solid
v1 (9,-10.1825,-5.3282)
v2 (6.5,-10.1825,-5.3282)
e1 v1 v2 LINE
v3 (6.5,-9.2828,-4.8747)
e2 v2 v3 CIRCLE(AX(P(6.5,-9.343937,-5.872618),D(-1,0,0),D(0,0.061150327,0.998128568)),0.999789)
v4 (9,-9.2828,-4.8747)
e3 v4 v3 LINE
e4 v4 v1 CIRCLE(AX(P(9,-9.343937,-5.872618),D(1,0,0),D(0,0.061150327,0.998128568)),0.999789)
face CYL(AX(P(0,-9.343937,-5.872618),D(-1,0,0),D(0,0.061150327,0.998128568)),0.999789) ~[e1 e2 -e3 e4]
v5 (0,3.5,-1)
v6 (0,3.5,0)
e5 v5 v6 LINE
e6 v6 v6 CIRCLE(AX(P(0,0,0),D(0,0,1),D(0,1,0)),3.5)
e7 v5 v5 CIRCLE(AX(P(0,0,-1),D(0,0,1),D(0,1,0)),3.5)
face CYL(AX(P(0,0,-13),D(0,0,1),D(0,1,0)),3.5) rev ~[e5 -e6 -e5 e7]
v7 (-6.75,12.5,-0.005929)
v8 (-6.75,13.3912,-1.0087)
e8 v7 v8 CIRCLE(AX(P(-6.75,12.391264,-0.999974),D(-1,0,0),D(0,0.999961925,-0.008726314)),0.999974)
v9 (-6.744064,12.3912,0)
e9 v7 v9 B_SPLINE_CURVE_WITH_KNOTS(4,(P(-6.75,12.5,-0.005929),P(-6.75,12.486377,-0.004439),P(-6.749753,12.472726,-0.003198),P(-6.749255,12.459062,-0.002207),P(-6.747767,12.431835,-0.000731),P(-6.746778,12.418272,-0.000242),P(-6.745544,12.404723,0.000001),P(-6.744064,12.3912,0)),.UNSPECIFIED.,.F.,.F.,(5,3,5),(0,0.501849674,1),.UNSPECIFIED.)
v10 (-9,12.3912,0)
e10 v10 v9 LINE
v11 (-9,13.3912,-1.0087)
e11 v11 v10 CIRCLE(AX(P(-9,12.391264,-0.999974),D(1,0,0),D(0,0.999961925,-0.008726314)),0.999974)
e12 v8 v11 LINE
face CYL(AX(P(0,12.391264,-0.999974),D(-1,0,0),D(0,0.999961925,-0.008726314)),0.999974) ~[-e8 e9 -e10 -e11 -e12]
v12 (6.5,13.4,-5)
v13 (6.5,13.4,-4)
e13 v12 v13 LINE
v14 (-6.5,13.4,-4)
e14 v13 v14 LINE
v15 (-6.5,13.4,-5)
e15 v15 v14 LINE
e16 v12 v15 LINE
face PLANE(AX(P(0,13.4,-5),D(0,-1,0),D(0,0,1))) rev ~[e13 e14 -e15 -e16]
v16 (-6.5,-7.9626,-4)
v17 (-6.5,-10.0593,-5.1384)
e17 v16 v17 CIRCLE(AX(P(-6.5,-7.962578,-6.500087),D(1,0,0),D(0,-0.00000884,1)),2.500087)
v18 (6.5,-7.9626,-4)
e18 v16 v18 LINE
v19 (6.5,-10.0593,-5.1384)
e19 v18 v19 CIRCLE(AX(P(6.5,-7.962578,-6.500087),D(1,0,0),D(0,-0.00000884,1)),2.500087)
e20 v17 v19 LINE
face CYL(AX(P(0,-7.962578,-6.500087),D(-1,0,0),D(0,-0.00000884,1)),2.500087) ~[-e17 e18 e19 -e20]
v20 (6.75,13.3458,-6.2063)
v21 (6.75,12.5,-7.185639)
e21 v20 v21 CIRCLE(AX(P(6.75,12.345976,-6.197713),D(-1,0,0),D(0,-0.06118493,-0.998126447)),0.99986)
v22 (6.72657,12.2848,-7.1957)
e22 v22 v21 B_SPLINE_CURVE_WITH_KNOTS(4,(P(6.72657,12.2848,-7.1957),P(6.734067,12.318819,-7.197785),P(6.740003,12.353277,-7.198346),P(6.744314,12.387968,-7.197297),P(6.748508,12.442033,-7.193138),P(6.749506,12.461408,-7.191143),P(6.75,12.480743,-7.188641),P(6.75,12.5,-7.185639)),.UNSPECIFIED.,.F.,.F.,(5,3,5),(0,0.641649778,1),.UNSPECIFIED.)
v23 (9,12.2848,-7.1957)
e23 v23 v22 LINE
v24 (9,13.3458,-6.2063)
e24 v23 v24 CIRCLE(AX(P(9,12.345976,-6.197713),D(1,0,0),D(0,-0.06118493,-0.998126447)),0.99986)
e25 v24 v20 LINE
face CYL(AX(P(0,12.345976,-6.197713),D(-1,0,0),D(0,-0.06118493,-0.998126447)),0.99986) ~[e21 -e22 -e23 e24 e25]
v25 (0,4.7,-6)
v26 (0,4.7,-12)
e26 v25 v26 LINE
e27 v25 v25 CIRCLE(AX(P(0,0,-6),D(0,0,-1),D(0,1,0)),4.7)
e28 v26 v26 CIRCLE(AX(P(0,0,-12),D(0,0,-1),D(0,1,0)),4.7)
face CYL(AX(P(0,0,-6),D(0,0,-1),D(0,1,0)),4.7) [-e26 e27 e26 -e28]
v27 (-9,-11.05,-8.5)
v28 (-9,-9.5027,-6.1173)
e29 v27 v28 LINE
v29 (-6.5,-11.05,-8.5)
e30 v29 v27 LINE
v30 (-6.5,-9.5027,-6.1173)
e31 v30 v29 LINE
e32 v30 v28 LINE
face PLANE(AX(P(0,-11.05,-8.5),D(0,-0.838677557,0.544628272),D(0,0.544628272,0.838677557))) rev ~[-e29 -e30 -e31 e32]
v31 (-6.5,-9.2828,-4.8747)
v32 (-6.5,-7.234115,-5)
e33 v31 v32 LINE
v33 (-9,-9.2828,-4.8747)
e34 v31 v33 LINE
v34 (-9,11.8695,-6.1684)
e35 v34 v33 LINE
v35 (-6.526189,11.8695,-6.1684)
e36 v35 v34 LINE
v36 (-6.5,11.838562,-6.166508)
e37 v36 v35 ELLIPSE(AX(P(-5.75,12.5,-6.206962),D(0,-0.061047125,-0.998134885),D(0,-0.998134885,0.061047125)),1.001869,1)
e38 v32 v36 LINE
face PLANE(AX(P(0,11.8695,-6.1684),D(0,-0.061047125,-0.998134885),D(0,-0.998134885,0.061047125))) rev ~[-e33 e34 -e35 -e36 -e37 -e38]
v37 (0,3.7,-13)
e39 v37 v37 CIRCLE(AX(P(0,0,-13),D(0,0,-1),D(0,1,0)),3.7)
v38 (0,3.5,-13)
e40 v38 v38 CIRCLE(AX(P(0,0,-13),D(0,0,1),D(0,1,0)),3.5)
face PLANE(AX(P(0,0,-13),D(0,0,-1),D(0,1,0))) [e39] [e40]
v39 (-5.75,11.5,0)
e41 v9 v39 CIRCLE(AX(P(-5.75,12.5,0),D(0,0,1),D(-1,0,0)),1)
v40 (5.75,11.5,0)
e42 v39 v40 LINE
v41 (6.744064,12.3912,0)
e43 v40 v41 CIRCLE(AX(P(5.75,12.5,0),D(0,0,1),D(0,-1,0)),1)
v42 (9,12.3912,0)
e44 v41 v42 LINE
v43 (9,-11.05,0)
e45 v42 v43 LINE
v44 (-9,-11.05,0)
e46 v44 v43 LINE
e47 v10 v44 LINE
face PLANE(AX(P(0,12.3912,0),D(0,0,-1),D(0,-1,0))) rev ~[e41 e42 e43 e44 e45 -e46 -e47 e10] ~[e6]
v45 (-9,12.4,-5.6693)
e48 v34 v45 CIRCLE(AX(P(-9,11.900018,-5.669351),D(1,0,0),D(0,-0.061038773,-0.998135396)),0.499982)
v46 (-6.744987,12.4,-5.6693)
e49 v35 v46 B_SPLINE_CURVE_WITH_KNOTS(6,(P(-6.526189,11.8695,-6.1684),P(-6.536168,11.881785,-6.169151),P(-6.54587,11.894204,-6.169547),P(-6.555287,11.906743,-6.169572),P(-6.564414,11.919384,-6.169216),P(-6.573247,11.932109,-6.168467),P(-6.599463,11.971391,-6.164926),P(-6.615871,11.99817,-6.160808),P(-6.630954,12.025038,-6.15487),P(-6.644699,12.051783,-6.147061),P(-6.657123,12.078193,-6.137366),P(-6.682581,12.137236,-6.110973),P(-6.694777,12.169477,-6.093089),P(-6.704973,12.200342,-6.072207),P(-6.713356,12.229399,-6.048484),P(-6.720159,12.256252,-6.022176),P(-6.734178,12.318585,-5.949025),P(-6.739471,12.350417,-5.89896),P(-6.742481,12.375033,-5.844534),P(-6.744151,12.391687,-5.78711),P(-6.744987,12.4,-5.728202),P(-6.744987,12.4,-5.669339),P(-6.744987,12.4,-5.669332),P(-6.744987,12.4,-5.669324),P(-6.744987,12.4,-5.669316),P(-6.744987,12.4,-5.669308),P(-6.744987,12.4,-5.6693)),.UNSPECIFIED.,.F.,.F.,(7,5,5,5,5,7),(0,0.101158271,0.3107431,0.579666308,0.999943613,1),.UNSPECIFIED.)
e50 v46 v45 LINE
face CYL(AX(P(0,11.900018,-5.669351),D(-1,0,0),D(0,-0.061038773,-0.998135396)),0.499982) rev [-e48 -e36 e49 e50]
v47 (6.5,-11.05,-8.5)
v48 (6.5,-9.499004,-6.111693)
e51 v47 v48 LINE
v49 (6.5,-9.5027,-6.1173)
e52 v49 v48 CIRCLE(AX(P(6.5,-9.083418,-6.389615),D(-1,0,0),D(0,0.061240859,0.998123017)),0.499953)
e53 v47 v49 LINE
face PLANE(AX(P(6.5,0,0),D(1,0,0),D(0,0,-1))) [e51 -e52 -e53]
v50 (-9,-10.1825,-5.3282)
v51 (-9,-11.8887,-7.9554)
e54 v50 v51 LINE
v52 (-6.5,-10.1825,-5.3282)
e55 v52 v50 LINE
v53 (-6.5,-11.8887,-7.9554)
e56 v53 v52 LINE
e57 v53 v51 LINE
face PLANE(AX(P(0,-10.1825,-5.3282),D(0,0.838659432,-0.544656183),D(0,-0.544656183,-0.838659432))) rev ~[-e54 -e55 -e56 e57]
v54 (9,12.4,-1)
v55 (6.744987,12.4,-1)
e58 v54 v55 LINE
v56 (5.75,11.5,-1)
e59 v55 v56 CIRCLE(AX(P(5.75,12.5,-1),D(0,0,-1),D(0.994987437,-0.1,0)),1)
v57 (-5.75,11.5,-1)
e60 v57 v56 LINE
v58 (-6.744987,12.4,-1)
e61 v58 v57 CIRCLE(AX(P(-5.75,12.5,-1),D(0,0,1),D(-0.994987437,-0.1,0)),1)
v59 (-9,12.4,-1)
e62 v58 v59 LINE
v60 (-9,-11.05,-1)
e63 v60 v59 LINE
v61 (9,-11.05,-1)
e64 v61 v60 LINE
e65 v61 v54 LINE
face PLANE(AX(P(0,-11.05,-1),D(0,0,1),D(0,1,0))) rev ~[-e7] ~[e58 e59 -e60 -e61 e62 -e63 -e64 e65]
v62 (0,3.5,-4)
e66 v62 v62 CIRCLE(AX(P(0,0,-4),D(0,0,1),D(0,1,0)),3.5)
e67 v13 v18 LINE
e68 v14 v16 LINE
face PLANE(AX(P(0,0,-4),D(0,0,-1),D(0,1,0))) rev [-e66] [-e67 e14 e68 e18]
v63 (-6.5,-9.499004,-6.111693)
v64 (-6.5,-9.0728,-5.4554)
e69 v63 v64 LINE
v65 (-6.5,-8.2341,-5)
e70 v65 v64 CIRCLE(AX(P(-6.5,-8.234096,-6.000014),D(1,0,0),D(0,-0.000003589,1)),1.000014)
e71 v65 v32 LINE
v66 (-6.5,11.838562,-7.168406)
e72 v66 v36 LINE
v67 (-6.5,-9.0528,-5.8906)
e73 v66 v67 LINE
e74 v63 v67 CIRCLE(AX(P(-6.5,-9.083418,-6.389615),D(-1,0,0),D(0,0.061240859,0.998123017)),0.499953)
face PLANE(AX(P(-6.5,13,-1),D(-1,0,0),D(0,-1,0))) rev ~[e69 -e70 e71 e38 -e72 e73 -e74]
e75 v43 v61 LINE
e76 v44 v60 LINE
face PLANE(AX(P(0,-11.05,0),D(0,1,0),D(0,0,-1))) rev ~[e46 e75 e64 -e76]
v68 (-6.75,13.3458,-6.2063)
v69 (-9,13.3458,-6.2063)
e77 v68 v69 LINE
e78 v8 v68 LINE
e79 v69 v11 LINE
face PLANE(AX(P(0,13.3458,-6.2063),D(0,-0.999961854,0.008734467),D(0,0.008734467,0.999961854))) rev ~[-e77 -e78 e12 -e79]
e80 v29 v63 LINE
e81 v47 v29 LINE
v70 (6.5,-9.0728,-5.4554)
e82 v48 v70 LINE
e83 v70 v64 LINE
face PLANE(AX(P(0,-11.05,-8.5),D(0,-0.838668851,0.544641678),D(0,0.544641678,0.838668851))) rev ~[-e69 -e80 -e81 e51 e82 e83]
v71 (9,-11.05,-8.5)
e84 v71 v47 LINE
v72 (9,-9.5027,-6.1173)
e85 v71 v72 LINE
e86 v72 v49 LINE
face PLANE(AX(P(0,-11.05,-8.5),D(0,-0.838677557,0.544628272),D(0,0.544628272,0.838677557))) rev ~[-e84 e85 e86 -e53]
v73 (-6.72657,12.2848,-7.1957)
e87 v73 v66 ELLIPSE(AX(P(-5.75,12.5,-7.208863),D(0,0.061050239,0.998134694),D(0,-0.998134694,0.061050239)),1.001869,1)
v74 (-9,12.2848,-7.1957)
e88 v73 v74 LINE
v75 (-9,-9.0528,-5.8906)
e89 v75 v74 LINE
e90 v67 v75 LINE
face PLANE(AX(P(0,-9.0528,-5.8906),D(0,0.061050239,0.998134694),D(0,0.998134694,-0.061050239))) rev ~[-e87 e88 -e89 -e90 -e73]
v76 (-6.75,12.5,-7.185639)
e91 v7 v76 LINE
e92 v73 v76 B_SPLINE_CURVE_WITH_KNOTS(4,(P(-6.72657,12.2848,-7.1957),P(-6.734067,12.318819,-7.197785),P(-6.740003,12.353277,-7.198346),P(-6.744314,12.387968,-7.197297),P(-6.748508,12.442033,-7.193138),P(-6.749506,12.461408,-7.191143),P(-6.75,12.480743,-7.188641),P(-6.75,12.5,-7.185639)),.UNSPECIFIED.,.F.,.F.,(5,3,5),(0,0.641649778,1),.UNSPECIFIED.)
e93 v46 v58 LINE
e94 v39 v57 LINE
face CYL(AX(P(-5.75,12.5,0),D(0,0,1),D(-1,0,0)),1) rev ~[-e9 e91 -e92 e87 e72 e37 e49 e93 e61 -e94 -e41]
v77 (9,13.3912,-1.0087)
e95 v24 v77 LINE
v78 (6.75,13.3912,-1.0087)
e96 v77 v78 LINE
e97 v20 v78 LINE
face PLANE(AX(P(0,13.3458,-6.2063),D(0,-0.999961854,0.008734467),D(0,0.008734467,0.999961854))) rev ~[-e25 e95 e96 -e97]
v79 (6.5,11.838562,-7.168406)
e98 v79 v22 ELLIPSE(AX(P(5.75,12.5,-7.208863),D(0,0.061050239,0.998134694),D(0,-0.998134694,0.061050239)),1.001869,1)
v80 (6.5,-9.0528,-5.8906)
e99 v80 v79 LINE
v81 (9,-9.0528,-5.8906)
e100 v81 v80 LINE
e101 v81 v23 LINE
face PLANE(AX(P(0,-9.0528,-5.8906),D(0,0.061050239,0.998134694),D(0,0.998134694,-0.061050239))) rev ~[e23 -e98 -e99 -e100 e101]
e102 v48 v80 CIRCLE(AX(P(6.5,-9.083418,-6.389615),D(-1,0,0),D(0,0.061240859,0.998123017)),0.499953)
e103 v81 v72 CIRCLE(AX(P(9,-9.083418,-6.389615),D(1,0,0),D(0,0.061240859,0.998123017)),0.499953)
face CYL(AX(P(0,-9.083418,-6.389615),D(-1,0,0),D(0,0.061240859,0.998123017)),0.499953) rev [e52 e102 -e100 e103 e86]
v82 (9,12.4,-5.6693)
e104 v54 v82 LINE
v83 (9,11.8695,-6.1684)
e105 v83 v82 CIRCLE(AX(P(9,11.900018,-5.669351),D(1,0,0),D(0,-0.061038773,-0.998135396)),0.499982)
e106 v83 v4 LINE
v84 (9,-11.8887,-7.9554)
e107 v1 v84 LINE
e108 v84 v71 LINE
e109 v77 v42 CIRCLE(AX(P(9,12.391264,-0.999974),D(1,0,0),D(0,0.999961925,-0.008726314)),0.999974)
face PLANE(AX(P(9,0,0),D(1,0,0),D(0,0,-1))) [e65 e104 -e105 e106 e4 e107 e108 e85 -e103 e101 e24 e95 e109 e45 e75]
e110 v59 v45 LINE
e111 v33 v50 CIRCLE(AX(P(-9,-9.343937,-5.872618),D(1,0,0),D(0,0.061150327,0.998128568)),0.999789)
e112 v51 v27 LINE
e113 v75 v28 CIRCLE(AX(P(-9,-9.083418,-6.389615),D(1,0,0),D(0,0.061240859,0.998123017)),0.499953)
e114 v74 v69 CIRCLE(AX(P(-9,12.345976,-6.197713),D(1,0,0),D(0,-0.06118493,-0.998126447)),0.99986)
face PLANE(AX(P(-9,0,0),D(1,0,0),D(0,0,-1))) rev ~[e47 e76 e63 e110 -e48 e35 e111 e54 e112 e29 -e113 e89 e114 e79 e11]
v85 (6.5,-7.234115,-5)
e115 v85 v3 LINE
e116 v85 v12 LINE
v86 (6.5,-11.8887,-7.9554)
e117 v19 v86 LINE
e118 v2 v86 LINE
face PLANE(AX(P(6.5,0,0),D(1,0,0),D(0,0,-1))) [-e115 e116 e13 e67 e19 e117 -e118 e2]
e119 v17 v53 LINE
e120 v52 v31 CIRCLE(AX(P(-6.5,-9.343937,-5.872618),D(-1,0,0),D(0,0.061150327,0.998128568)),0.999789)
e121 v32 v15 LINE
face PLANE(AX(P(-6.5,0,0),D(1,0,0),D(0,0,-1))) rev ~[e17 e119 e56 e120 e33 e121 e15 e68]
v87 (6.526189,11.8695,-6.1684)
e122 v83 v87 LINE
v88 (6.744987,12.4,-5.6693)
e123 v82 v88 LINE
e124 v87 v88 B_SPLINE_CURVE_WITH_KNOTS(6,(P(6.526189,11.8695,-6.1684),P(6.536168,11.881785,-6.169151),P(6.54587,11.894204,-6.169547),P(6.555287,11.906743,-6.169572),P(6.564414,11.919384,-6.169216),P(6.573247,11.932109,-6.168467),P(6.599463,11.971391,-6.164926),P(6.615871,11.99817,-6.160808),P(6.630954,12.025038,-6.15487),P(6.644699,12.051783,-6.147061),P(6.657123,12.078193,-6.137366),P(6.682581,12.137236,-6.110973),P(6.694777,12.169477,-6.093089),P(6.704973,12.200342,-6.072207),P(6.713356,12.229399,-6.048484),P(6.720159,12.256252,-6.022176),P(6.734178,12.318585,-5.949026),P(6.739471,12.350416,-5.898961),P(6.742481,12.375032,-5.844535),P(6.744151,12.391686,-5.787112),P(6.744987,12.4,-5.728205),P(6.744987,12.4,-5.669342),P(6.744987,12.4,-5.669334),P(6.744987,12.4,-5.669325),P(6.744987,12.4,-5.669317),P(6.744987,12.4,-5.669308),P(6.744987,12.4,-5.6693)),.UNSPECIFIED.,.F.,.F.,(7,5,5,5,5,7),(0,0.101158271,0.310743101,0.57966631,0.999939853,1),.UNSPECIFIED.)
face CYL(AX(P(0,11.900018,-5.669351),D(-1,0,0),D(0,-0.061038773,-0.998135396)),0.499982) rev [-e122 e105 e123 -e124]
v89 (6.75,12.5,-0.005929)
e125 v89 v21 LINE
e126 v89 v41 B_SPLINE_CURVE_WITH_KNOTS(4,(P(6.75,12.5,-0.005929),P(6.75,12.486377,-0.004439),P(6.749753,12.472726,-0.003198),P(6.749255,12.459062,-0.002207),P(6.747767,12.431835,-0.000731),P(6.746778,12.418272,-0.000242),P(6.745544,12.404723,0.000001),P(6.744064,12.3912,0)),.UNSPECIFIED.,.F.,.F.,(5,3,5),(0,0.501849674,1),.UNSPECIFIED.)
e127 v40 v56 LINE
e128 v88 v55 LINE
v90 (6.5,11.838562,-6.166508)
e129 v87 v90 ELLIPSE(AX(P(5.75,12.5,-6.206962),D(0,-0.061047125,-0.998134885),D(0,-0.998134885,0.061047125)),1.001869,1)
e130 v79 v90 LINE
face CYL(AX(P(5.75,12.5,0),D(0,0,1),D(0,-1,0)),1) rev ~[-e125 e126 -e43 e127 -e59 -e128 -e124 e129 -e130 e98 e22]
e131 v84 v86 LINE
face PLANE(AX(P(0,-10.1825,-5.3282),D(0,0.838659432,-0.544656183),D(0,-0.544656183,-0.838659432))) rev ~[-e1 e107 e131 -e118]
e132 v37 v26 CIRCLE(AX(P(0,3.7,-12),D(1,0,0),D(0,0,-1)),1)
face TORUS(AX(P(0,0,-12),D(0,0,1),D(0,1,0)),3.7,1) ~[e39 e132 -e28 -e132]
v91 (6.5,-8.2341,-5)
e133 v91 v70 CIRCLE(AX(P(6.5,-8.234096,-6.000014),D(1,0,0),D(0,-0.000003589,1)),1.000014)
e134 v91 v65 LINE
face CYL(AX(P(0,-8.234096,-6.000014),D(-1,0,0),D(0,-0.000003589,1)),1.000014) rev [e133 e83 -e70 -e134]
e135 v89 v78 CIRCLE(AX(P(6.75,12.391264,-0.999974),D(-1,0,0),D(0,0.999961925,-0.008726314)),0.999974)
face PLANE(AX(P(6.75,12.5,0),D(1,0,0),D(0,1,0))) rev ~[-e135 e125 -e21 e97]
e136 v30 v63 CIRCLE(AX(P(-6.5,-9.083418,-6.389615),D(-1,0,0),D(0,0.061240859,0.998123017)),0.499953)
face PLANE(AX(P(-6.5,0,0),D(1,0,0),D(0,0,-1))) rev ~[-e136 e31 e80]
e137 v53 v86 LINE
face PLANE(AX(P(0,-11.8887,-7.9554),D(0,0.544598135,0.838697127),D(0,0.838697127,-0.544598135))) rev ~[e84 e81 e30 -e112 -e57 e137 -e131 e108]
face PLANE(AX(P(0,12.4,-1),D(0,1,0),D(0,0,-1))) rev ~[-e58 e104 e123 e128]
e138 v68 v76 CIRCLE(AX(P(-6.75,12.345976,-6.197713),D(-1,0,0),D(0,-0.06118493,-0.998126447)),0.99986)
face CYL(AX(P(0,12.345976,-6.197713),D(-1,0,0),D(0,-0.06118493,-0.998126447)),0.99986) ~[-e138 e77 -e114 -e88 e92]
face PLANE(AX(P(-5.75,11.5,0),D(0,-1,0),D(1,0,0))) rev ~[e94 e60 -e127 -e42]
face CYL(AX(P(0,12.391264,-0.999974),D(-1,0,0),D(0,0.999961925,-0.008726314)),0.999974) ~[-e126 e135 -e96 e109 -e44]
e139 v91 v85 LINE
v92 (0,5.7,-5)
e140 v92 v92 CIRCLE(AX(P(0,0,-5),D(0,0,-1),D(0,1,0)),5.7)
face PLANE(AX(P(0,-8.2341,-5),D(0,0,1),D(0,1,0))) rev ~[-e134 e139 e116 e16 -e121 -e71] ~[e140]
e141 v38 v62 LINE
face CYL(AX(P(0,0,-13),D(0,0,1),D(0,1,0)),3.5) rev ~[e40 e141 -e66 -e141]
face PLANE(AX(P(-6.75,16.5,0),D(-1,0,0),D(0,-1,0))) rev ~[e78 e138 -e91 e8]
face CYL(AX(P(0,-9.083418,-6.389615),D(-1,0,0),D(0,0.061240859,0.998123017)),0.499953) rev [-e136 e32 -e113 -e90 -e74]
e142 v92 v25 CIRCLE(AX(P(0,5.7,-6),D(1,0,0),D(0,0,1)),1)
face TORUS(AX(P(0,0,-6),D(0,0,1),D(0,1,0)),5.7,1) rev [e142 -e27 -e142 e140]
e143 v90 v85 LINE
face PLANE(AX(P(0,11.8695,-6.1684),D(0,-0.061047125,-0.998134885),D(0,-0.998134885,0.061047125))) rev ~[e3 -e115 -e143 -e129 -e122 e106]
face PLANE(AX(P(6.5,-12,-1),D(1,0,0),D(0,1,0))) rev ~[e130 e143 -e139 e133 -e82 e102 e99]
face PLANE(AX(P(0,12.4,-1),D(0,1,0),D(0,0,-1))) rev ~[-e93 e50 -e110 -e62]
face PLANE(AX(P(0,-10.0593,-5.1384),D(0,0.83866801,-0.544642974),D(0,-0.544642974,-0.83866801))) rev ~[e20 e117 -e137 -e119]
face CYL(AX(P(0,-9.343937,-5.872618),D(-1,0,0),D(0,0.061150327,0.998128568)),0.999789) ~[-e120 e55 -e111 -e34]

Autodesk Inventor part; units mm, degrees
sketch "Sketch_1" plane through (0, 0, 0) normal (1, 0, 0) x (0, 0, -1)
  line L0 (0, 12.3912) -> (0, -11.05)
  line L1 (0, -11.05) -> (1, -11.05)
  line L2 (1, -11.05) -> (1, 12.4)
  line L3 (1, 12.4) -> (5.6693, 12.4)
  arc A0 (6.1684, 11.8695) -> (5.6693, 12.4) centre (5.6693, 11.9) ccw
  line L4 (6.1684, 11.8695) -> (4.8747, -9.2828)
  arc A1 (4.8747, -9.2828) -> (5.3282, -10.1825) centre (5.8728, -9.3439) ccw
  line L5 (5.3282, -10.1825) -> (7.9554, -11.8887)
  line L6 (7.9554, -11.8887) -> (8.5, -11.05)
  line L7 (8.5, -11.05) -> (6.1173, -9.5027)
  arc A2 (5.8906, -9.0528) -> (6.1173, -9.5027) centre (6.3897, -9.0834) ccw
  line L8 (5.8906, -9.0528) -> (7.1957, 12.2848)
  arc A3 (7.1957, 12.2848) -> (6.2063, 13.3458) centre (6.1975, 12.3459) ccw
  line L9 (6.2063, 13.3458) -> (1.0087, 13.3912)
  arc A4 (1.0087, 13.3912) -> (0, 12.3912) centre (1, 12.3912) ccw
extrude "Extrusion1" add sketch "Sketch_1" along normal mid plane 18
sketch "Sketch_2" plane through (0, 0, 0) normal (0, 0, 1) x (1, 0, 0)
  line L0 (-6.75, 16.5) -> (-6.75, 12.5)
  arc A0 (-6.75, 12.5) -> (-5.75, 11.5) centre (-5.75, 12.5) ccw
  line L1 (-5.75, 11.5) -> (5.75, 11.5)
  arc A1 (5.75, 11.5) -> (6.75, 12.5) centre (5.75, 12.5) ccw
  line L2 (6.75, 12.5) -> (6.75, 16.5)
  line L3 (6.75, 16.5) -> (-6.75, 16.5)
extrude "Extrusion2" cut sketch "Sketch_2" against normal blind 8
sketch "Sketch_3" plane through (0, 0, -1) normal (0, 0, 1) x (1, 0, 0)
  line L0 (-6.5, -12) -> (6.5, -12)
  line L1 (6.5, -12) -> (6.5, 13)
  line L2 (6.5, 13) -> (-6.5, 13)
  line L3 (-6.5, 13) -> (-6.5, -12)
extrude "Extrusion3" cut sketch "Sketch_3" against normal blind 8
sketch "Sketch_4" plane through (0, 0, 0) normal (1, 0, 0) x (0, 0, -1)
  arc A0 (4, -7.9626) -> (5.1384, -10.0593) centre (6.5, -7.9626) ccw
  line L0 (5.1384, -10.0593) -> (7.9554, -11.8887)
  line L1 (7.9554, -11.8887) -> (8.5, -11.05)
  line L2 (8.5, -11.05) -> (5.4554, -9.0728)
  arc A1 (5, -8.2341) -> (5.4554, -9.0728) centre (6, -8.2341) ccw
  line L3 (5, -8.2341) -> (5, 13.4)
  line L4 (5, 13.4) -> (4, 13.4)
  line L5 (4, 13.4) -> (4, -7.9626)
extrude "Extrusion4" add sketch "Sketch_4" along normal mid plane 13
sketch "Sketch_5" plane through (0, 0, 0) normal (1, 0, 0) x (0, 0, -1)
  line L0 (13, 0) -> (4, 0)
  line L1 (4, 0) -> (4, 5.7)
  line L2 (4, 5.7) -> (5, 5.7)
  arc A0 (5, 5.7) -> (6, 4.7) centre (6, 5.7) ccw
  line L3 (6, 4.7) -> (12, 4.7)
  arc A1 (13, 3.7) -> (12, 4.7) centre (12, 3.7) ccw
  line L4 (13, 3.7) -> (13, 0)
  line L5 (13, 0) -> (4, 0)
revolve "Revolution1" add sketch "Sketch_5" angle 360 about axis through (0, 0, -13) along (0, 0, -1)
sketch "Sketch6" plane through (0, 0, -13) normal (0, 0, -1) x (-1, 0, 0)
  point P0 (0, 0)
hole "Hole1" at (0, 0, -13) direction (0, 0, 1) diameter 7 depth 14
ref_plane "P3_XY" through (0, 0, 0) normal (0, 0, -1) x (1, 0, 0)
ref_plane "P3_YZ" through (0, 0, 0) normal (1, 0, 0) x (0, -1, 0)
ref_plane "P3_ZX" through (0, 0, 0) normal (0, -1, 0) x (0, 0, -1)
properties part number "8617.540_P3"
